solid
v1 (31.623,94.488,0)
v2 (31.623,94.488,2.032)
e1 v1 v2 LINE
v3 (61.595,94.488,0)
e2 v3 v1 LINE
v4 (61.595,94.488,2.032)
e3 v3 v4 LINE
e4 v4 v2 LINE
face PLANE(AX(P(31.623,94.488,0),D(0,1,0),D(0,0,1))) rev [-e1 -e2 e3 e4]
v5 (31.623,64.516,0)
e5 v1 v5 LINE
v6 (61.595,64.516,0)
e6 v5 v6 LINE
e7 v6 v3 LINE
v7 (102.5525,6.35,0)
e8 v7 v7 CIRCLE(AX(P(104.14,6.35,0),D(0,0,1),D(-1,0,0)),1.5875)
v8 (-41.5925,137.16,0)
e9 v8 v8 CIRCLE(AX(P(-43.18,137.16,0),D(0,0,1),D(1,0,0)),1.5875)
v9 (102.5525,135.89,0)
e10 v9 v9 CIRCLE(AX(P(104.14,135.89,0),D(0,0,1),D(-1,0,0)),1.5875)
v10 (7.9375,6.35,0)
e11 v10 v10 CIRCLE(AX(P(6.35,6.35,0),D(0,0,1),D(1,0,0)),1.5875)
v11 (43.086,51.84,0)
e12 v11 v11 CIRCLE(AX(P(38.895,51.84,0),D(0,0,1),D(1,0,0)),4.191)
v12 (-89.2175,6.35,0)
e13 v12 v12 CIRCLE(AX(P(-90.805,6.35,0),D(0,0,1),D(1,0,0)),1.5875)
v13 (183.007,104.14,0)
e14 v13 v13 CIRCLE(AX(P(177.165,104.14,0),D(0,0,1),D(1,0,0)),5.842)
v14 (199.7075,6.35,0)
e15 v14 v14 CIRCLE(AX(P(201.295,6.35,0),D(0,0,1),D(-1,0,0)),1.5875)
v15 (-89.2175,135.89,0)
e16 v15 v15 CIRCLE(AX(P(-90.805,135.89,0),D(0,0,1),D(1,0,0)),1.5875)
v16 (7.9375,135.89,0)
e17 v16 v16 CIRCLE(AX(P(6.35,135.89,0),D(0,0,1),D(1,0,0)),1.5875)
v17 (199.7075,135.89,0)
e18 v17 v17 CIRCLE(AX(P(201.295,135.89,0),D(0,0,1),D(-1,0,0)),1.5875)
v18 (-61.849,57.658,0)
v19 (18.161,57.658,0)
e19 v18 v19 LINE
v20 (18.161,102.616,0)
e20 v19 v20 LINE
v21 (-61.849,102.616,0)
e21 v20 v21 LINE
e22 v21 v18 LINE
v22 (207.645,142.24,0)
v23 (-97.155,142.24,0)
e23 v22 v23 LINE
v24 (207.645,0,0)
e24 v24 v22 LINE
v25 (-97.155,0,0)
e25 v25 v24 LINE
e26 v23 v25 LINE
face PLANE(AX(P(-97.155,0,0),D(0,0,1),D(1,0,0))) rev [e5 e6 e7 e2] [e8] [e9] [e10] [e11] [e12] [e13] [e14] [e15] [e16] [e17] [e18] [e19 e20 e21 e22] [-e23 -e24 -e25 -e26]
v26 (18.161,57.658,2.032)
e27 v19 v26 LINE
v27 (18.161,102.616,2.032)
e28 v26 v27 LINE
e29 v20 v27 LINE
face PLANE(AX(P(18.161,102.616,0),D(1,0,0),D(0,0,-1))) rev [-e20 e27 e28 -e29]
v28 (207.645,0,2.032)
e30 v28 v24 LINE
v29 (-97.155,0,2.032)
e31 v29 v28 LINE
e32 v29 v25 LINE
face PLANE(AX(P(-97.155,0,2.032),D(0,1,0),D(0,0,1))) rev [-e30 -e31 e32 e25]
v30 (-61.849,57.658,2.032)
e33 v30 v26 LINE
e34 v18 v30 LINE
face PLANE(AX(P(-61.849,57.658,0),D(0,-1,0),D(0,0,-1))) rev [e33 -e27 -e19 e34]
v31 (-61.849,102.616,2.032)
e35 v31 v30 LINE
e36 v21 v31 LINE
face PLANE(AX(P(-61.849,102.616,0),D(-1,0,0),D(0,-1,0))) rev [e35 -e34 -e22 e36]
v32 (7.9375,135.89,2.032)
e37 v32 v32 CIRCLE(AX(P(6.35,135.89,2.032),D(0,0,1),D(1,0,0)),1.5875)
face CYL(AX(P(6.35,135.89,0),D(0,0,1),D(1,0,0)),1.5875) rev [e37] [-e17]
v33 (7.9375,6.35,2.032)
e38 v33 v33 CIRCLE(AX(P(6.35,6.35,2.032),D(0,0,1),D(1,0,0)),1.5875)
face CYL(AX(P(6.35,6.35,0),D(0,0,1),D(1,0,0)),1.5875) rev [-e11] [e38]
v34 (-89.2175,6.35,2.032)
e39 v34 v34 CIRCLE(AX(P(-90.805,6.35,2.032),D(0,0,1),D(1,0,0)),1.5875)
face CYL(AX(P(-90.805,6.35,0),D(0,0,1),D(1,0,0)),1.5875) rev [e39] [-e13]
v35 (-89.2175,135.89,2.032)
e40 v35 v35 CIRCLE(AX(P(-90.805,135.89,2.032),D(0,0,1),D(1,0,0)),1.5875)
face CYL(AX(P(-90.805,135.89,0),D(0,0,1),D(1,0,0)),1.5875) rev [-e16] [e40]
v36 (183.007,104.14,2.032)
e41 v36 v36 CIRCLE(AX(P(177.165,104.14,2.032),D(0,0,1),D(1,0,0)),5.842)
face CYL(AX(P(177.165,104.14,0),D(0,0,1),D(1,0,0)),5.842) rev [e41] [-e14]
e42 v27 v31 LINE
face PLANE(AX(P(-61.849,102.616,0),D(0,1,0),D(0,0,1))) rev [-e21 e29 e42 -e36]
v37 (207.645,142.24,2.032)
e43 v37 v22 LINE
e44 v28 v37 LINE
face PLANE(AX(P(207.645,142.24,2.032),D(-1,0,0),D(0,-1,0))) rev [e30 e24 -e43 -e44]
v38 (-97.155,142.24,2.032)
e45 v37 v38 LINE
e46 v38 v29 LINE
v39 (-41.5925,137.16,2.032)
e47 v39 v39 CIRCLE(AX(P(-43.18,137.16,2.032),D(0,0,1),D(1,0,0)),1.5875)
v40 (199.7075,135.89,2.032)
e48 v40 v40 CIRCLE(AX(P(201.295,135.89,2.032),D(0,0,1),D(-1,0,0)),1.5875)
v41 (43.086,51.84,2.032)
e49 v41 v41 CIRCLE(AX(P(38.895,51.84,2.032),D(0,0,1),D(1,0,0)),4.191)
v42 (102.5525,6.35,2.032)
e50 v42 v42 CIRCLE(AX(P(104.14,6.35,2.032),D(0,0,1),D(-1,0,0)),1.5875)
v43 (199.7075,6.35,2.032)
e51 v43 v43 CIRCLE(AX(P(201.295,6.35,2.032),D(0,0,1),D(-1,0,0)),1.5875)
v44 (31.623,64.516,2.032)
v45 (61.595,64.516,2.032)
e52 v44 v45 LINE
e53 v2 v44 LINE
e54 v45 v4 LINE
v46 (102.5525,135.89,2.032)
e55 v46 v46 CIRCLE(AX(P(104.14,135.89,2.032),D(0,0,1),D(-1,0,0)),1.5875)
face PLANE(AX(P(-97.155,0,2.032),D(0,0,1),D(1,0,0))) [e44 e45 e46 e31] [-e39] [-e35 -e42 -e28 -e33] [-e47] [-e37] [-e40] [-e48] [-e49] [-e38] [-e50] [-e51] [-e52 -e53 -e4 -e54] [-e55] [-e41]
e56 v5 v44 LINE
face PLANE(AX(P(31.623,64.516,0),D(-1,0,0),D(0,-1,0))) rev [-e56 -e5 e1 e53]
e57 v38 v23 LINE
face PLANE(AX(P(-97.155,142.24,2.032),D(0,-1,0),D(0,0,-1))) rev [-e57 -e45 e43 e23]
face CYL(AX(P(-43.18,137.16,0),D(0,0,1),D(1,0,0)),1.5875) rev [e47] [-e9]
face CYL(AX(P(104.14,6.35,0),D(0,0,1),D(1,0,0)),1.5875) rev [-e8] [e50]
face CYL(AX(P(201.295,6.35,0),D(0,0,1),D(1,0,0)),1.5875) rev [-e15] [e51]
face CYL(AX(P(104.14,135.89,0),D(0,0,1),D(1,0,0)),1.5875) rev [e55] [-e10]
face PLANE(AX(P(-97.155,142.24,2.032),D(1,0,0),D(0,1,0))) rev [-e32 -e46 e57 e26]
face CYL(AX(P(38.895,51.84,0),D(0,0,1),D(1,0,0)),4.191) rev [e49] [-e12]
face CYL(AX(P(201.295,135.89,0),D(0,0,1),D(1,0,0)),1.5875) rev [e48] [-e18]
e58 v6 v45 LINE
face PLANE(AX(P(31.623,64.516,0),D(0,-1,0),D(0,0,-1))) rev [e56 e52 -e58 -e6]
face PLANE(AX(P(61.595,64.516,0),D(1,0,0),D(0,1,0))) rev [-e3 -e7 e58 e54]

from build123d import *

# Parameters (mm, degrees)
SKETCH1_W          = 304.8
SKETCH1_H          = 142.24
EXTRUDE1_DEPTH     = 2.032
SKETCH3_R          = 1.5875
CUT_EXTRUDE1_DEPTH = 252.699806613
SKETCH4_R          = 4.191
SKETCH4_R_2        = 1.5875
SKETCH4_R_3        = 5.842
SKETCH4_W          = 80.01
SKETCH4_H          = 44.958
SKETCH4_W_2        = 29.972
SKETCH4_H_2        = 29.972
EXTRUDE2_DEPTH     = 252.699806613


with BuildPart() as part:
    # Sketch1 → Extrude1 (new body)
    with BuildSketch(Plane.XY):
        with Locations((55.245, 71.12)):
            Rectangle(SKETCH1_W, SKETCH1_H)
    extrude(amount=EXTRUDE1_DEPTH)

    # Sketch3 → Cut-Extrude1 (cut, through all)
    with BuildSketch(Plane.XY.offset(2.032)):
        with Locations((-90.805, 135.89)):
            Circle(SKETCH3_R)
        with Locations((-90.805, 6.35)):
            Circle(SKETCH3_R)
        with Locations((6.35, 135.89)):
            Circle(SKETCH3_R)
        with Locations((6.35, 6.35)):
            Circle(SKETCH3_R)
        with Locations(Location((104.14, 6.35, 0), (0, 0, 180))):
            Circle(SKETCH3_R)
        with Locations(Location((104.14, 135.89, 0), (0, 0, 180))):
            Circle(SKETCH3_R)
        with Locations(Location((201.295, 6.35, 0), (0, 0, 180))):
            Circle(SKETCH3_R)
        with Locations(Location((201.295, 135.89, 0), (0, 0, 180))):
            Circle(SKETCH3_R)
    extrude(amount=-CUT_EXTRUDE1_DEPTH, mode=Mode.SUBTRACT)

    # Sketch4 → Extrude2 (cut, through all)
    with BuildSketch(Plane.XY.offset(2.032)):
        with Locations((38.895, 51.84)):
            Circle(SKETCH4_R)
        with Locations((-43.18, 137.16)):
            Circle(SKETCH4_R_2)
        with Locations((177.165, 104.14)):
            Circle(SKETCH4_R_3)
        with Locations((-21.844, 80.137)):
            Rectangle(SKETCH4_W, SKETCH4_H)
        with Locations((46.609, 79.502)):
            Rectangle(SKETCH4_W_2, SKETCH4_H_2)
    extrude(amount=-EXTRUDE2_DEPTH, mode=Mode.SUBTRACT)


solid = part.part
